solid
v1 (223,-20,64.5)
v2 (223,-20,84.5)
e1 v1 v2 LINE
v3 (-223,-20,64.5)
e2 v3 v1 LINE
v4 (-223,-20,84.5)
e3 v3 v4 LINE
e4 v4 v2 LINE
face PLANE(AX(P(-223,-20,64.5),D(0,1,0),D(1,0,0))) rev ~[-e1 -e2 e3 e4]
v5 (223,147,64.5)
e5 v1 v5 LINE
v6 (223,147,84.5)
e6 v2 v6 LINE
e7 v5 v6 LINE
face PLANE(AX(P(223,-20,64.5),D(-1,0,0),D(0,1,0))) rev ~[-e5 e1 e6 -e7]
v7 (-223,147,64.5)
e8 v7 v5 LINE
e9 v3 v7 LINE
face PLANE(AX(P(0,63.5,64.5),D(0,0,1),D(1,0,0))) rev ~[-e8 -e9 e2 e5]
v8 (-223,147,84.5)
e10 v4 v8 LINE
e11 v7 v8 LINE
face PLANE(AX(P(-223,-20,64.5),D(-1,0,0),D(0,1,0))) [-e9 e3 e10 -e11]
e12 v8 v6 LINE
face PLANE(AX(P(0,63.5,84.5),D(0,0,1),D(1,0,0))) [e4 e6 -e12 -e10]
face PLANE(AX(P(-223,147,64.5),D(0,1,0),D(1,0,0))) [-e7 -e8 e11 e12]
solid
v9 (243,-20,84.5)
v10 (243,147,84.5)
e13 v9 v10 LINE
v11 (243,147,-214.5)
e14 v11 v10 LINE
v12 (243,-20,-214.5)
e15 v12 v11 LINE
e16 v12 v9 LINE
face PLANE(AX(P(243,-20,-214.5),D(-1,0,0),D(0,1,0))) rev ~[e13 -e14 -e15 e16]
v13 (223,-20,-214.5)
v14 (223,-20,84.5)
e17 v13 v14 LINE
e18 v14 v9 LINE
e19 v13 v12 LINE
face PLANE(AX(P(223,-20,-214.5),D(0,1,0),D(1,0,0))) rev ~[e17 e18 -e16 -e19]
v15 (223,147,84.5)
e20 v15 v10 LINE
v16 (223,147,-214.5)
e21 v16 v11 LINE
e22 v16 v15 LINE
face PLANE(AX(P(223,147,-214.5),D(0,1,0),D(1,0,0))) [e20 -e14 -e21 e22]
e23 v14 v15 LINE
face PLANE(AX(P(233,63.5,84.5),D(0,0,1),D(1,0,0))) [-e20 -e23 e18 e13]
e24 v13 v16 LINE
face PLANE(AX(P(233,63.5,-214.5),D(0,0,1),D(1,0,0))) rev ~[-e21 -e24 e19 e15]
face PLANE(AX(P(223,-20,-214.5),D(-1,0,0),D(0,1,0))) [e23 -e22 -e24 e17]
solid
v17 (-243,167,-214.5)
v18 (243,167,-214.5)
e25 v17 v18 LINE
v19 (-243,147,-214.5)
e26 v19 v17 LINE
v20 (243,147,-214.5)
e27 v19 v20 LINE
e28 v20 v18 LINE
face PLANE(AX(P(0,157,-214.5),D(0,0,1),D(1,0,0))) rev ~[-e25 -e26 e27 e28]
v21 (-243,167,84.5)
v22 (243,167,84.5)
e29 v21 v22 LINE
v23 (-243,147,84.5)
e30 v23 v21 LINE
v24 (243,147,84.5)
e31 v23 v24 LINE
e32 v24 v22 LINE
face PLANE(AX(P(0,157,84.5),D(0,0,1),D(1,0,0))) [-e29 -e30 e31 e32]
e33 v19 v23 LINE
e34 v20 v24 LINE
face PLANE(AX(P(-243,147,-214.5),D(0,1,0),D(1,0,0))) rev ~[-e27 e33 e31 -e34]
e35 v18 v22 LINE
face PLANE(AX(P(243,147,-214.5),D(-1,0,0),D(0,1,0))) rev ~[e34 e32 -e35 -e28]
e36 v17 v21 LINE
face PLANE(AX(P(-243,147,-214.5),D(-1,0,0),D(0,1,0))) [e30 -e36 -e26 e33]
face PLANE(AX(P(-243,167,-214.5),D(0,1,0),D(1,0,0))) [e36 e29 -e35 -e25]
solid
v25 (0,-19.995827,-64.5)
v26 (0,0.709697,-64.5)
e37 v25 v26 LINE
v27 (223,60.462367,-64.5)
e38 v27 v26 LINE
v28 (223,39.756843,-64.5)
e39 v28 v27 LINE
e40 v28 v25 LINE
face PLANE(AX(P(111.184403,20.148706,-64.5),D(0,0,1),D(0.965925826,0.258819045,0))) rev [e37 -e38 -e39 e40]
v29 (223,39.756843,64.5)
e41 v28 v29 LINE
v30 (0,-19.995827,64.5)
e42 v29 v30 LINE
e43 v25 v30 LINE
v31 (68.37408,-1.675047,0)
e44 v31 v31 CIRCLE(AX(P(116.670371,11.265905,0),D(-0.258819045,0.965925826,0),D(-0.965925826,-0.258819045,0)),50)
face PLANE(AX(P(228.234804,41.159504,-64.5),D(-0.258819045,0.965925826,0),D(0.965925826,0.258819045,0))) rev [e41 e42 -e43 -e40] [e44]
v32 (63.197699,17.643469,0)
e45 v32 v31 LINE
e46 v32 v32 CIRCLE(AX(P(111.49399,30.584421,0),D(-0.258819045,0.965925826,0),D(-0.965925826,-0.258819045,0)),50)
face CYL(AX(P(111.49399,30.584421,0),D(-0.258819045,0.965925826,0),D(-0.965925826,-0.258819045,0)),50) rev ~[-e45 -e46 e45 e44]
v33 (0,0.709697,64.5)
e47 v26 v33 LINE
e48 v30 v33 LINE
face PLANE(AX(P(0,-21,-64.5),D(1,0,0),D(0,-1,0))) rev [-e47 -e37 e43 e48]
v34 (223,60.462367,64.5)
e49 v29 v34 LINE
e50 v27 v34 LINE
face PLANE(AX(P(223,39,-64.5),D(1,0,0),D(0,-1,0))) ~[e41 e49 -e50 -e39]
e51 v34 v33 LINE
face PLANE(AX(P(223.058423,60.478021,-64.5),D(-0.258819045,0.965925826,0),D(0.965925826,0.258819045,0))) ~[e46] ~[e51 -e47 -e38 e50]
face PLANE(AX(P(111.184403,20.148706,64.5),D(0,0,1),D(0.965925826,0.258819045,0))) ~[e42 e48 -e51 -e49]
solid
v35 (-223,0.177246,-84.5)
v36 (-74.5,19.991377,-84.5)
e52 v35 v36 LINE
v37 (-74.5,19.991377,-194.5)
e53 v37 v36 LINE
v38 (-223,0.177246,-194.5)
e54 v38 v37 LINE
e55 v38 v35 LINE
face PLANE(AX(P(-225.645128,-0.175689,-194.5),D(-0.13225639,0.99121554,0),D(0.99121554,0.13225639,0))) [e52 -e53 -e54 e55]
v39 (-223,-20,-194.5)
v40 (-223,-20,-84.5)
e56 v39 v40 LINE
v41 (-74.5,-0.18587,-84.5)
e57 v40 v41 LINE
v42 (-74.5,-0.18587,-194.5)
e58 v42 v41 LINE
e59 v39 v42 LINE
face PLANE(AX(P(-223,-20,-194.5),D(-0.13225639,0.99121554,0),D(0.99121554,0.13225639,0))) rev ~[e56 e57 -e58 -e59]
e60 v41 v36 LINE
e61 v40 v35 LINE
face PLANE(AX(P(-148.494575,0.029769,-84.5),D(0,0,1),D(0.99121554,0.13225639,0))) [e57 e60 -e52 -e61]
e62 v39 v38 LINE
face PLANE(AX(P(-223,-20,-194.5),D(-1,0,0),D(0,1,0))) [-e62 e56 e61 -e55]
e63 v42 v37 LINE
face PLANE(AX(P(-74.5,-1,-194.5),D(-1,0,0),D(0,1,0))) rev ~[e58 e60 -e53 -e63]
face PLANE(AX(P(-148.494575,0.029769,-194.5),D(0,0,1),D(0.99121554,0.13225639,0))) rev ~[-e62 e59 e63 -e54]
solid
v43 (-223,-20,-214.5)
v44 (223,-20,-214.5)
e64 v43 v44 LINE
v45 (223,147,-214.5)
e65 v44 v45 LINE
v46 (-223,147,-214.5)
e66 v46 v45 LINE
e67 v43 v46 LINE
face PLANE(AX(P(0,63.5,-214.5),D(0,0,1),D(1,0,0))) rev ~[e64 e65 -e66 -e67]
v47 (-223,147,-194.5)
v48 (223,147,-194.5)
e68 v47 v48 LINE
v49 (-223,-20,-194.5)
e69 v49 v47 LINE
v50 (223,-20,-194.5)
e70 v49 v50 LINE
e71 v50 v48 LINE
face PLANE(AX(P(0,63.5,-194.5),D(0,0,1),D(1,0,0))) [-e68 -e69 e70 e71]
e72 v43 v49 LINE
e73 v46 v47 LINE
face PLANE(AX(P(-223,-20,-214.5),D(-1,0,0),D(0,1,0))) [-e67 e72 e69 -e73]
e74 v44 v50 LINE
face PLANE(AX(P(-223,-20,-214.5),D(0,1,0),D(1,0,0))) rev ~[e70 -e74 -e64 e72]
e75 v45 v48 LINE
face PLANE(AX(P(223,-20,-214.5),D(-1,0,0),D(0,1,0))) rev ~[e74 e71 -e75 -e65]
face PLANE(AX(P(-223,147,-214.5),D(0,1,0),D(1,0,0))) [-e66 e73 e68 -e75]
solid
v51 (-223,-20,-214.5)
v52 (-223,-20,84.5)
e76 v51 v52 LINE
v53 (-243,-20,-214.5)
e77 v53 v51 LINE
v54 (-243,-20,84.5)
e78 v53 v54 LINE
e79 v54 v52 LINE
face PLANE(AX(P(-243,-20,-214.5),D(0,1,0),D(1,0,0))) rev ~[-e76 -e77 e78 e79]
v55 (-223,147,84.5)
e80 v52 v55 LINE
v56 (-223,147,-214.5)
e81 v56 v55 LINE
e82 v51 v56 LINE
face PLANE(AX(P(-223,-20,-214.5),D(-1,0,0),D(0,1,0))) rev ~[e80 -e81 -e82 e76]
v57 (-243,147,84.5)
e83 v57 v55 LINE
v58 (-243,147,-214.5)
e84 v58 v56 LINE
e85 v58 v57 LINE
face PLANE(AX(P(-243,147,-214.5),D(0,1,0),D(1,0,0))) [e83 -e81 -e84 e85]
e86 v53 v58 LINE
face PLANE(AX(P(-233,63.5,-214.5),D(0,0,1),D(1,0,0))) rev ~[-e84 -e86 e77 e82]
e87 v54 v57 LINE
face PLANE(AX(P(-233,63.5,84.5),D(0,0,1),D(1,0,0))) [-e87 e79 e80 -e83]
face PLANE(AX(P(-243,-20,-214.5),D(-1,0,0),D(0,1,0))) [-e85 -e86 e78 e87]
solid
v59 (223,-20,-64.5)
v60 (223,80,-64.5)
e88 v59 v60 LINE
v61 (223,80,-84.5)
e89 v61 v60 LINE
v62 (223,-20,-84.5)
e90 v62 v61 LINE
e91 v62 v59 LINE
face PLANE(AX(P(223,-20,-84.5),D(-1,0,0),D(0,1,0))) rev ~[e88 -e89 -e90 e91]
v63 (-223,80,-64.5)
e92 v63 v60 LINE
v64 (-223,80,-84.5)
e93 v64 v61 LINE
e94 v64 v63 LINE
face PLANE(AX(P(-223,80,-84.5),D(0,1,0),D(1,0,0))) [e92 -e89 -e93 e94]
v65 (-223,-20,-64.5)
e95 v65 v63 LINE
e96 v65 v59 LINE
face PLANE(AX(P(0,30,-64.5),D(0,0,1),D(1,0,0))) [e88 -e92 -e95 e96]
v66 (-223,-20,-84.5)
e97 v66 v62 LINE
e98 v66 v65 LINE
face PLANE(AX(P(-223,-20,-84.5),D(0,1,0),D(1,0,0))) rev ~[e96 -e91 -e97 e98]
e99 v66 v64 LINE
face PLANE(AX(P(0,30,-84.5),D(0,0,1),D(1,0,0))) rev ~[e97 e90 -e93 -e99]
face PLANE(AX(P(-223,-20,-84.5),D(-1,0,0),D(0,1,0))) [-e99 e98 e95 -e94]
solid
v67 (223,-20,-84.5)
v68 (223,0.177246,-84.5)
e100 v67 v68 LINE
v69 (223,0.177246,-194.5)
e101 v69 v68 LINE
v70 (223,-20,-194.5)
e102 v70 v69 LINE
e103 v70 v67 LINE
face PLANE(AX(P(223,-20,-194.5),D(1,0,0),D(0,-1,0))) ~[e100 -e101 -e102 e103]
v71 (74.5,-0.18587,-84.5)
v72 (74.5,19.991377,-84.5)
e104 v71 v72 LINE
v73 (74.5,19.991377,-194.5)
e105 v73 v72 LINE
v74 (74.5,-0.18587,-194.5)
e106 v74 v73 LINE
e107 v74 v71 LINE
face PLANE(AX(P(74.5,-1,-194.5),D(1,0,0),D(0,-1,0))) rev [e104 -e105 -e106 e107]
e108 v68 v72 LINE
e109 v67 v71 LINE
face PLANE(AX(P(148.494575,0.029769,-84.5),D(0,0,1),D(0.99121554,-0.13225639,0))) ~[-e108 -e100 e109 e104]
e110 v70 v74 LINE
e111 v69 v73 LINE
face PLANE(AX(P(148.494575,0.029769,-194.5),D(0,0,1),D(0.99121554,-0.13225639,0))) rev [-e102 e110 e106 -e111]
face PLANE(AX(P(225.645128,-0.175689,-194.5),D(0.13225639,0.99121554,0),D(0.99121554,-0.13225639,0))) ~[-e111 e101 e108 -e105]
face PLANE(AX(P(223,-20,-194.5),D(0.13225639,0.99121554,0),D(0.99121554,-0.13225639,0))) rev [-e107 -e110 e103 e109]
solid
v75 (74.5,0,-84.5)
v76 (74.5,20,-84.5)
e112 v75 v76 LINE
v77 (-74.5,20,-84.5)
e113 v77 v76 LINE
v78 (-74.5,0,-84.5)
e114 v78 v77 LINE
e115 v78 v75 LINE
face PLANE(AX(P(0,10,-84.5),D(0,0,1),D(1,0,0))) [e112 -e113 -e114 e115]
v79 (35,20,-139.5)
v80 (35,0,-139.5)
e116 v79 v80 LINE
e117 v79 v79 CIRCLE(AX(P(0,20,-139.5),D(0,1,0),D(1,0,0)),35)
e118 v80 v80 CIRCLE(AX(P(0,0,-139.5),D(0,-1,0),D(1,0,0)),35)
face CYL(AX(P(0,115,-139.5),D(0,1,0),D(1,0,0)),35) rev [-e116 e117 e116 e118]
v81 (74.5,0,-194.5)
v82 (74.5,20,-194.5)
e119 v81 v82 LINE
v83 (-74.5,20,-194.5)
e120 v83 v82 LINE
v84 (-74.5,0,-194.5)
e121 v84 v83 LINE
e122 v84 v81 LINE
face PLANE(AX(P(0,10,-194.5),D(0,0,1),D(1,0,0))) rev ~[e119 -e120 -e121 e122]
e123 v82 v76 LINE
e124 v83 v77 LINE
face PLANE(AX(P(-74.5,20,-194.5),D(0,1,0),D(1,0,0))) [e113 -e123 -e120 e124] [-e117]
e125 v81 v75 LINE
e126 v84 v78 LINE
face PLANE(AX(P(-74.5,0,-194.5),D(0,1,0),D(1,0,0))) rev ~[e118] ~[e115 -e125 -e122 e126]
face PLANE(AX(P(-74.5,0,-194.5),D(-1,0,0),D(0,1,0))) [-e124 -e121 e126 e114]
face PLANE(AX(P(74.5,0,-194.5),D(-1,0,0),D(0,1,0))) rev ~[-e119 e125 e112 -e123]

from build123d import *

# Parameters (mm, degrees)
BOX_W                  = 20
BOX_H                  = 167
BOX_DEPTH              = 299
BOX001_W               = 20
BOX001_H               = 167
BOX001_DEPTH           = 299
BOX002_W               = 446
BOX002_H               = 167
BOX002_DEPTH           = 20
BOX003_W               = 486
BOX003_H               = 20
BOX003_DEPTH           = 299
BOX004_W               = 446
BOX004_H               = 167
BOX004_DEPTH           = 20
BOX006_W               = 446
BOX006_H               = 100
BOX006_DEPTH           = 20
CYLINDER_R             = 35
CYLINDER_DEPTH         = 115
CYLINDER_ROLL_ANGLE    = 90
BOX005_W               = 149
BOX005_H               = 20
BOX005_DEPTH           = 110
BOX008_W               = 10
BOX008_H               = 23
BOX008_DEPTH           = 110
BOX009_W               = 20
BOX009_H               = 21
BOX009_DEPTH           = 110
BOX007_W               = 153
BOX007_H               = 20
BOX007_DEPTH           = 110
BOX007_PLACEMENT_ANGLE = 7.6
BOX012_W               = 10
BOX012_H               = 23
BOX012_DEPTH           = 110
BOX011_W               = 20
BOX011_H               = 21
BOX011_DEPTH           = 110
BOX010_W               = 153
BOX010_H               = 20
BOX010_DEPTH           = 110
BOX010_PLACEMENT_ANGLE = 7.6
BOX016_W               = 7
BOX016_H               = 23
BOX016_DEPTH           = 129
BOX014_W               = 10
BOX014_H               = 30
BOX014_DEPTH           = 129
CYLINDER001_R          = 50
CYLINDER001_DEPTH      = 20
CYLINDER001_ROLL_ANGLE = 90
BOX017_W               = 237
BOX017_H               = 20
BOX017_DEPTH           = 129
CUT005_PLACEMENT_ANGLE = -15


with BuildPart() as face_gauche:
    # Box → Box (new body)
    with BuildSketch(Plane(origin=(-243, -20, -214.5), x_dir=(1, 0, 0), z_dir=(0, 0, 1))):
        with Locations((10, 83.5)):
            Rectangle(BOX_W, BOX_H)
    extrude(amount=BOX_DEPTH)


with BuildPart() as face_droite:
    # Box001 → Box001 (new body)
    with BuildSketch(Plane(origin=(223, -20, -214.5), x_dir=(1, 0, 0), z_dir=(0, 0, 1))):
        with Locations((10, 83.5)):
            Rectangle(BOX001_W, BOX001_H)
    extrude(amount=BOX001_DEPTH)


with BuildPart() as face_haute:
    # Box002 → Box002 (new body)
    with BuildSketch(Plane(origin=(-223, -20, 64.5), x_dir=(1, 0, 0), z_dir=(0, 0, 1))):
        with Locations((223, 83.5)):
            Rectangle(BOX002_W, BOX002_H)
    extrude(amount=BOX002_DEPTH)


with BuildPart() as face_fond:
    # Box003 → Box003 (new body)
    with BuildSketch(Plane(origin=(-243, 147, -214.5), x_dir=(1, 0, 0), z_dir=(0, 0, 1))):
        with Locations((243, 10)):
            Rectangle(BOX003_W, BOX003_H)
    extrude(amount=BOX003_DEPTH)


with BuildPart() as face_basse:
    # Box004 → Box004 (new body)
    with BuildSketch(Plane(origin=(-223, -20, -214.5), x_dir=(1, 0, 0), z_dir=(0, 0, 1))):
        with Locations((223, 83.5)):
            Rectangle(BOX004_W, BOX004_H)
    extrude(amount=BOX004_DEPTH)


with BuildPart() as face_interm_diaire:
    # Box006 → Box006 (new body)
    with BuildSketch(Plane(origin=(-223, -20, -84.5), x_dir=(1, 0, 0), z_dir=(0, 0, 1))):
        with Locations((223, 50)):
            Rectangle(BOX006_W, BOX006_H)
    extrude(amount=BOX006_DEPTH)


with BuildPart() as bass_reflex:
    # Cylinder → Cylinder (new body)
    with BuildSketch(Plane.XY):
        Circle(CYLINDER_R)
    extrude(amount=CYLINDER_DEPTH)


with BuildPart() as bass_reflex_1:
    # Cylinder roll: moved
    add(bass_reflex.part.rotate(Axis((0, 0, 0), (1, 0, 0)), CYLINDER_ROLL_ANGLE))


with BuildPart() as bass_reflex_2:
    # Cylinder placement: moved
    add(bass_reflex_1.part.moved(Location((0, 115, -139.5))))


with BuildPart() as avant_bass_reflex:
    # Box005 → Box005 (new body)
    with BuildSketch(Plane(origin=(-74.5, 0, -194.5), x_dir=(1, 0, 0), z_dir=(0, 0, 1))):
        with Locations((74.5, 10)):
            Rectangle(BOX005_W, BOX005_H)
    extrude(amount=BOX005_DEPTH)

    # Cut: cut Bass Reflex
    add(bass_reflex_2.part, mode=Mode.SUBTRACT)


with BuildPart() as coupe1:
    # Box008 → Box008 (new body)
    with BuildSketch(Plane(origin=(-74.5, -1, -194.5), x_dir=(1, 0, 0), z_dir=(0, 0, 1))):
        with Locations((5, 11.5)):
            Rectangle(BOX008_W, BOX008_H)
    extrude(amount=BOX008_DEPTH)


with BuildPart() as coupe2:
    # Box009 → Box009 (new body)
    with BuildSketch(Plane(origin=(-243, -20, -194.5), x_dir=(1, 0, 0), z_dir=(0, 0, 1))):
        with Locations((10, 10.5)):
            Rectangle(BOX009_W, BOX009_H)
    extrude(amount=BOX009_DEPTH)


with BuildPart() as coupe_avant_gauche:
    # Box007 → Box007 (new body)
    with BuildSketch(Plane.XY):
        with Locations((76.5, 10)):
            Rectangle(BOX007_W, BOX007_H)
    extrude(amount=BOX007_DEPTH)


with BuildPart() as coupe_avant_gauche_1:
    # Box007 placement: moved
    add(coupe_avant_gauche.part.moved(Location((-223, -20, -194.5))).rotate(Axis((-223, -20, -194.5), (0, 0, 1)), BOX007_PLACEMENT_ANGLE))

    # Cut001: cut Coupe2
    add(coupe2.part, mode=Mode.SUBTRACT)

    # Cut002: cut Coupe1
    add(coupe1.part, mode=Mode.SUBTRACT)


with BuildPart() as coupe004:
    # Box012 → Box012 (new body)
    with BuildSketch(Plane(origin=(-74.5, -1, -194.5), x_dir=(1, 0, 0), z_dir=(0, 0, 1))):
        with Locations((5, 11.5)):
            Rectangle(BOX012_W, BOX012_H)
    extrude(amount=BOX012_DEPTH)


with BuildPart() as coupe003:
    # Box011 → Box011 (new body)
    with BuildSketch(Plane(origin=(-243, -20, -194.5), x_dir=(1, 0, 0), z_dir=(0, 0, 1))):
        with Locations((10, 10.5)):
            Rectangle(BOX011_W, BOX011_H)
    extrude(amount=BOX011_DEPTH)


with BuildPart() as coupe_avant_droit:
    # Box010 → Box010 (new body)
    with BuildSketch(Plane.XY):
        with Locations((76.5, 10)):
            Rectangle(BOX010_W, BOX010_H)
    extrude(amount=BOX010_DEPTH)


with BuildPart() as coupe_avant_droit_1:
    # Box010 placement: moved
    add(coupe_avant_droit.part.moved(Location((-223, -20, -194.5))).rotate(Axis((-223, -20, -194.5), (0, 0, 1)), BOX010_PLACEMENT_ANGLE))

    # Cut004: cut Coupe003
    add(coupe003.part, mode=Mode.SUBTRACT)

    # Cut003: cut Coupe004
    add(coupe004.part, mode=Mode.SUBTRACT)


with BuildPart() as coupe_avant_droit001:
    # Part__Mirroring: instance of Coupe avant droit
    add(coupe_avant_droit_1.part.mirror(Plane(origin=(0, 0, 0), x_dir=(0, -1, 0), z_dir=(1, 0, 0))))


with BuildPart() as cube003:
    # Box016 → Box016 (new body)
    with BuildSketch(Plane(origin=(-230, 39, -64.5), x_dir=(1, 0, 0), z_dir=(0, 0, 1))):
        with Locations((3.5, 11.5)):
            Rectangle(BOX016_W, BOX016_H)
    extrude(amount=BOX016_DEPTH)


with BuildPart() as cube001:
    # Box014 → Box014 (new body)
    with BuildSketch(Plane(origin=(0, -21, -64.5), x_dir=(1, 0, 0), z_dir=(0, 0, 1))):
        with Locations((5, 15)):
            Rectangle(BOX014_W, BOX014_H)
    extrude(amount=BOX014_DEPTH)


with BuildPart() as cylindre:
    # Cylinder001 → Cylinder001 (new body)
    with BuildSketch(Plane.XY):
        Circle(CYLINDER001_R)
    extrude(amount=CYLINDER001_DEPTH)


with BuildPart() as cylindre_1:
    # Cylinder001 roll: moved
    add(cylindre.part.rotate(Axis((0, 0, 0), (1, 0, 0)), CYLINDER001_ROLL_ANGLE))


with BuildPart() as cylindre_2:
    # Cylinder001 placement: moved
    add(cylindre_1.part.moved(Location((5, 20, 0))))


with BuildPart() as hp_gauche:
    # Box017 → Box017 (new body)
    with BuildSketch(Plane(origin=(-110.5, 0, -64.5), x_dir=(1, 0, 0), z_dir=(0, 0, 1))):
        with Locations((118.5, 10)):
            Rectangle(BOX017_W, BOX017_H)
    extrude(amount=BOX017_DEPTH)

    # Cut005: cut Cylindre
    add(cylindre_2.part, mode=Mode.SUBTRACT)


with BuildPart() as hp_gauche_1:
    # Cut005 placement: moved
    add(hp_gauche.part.moved(Location((-121.5, 12.56, 0))).rotate(Axis((-121.5, 12.56, 0), (0, 0, 1)), CUT005_PLACEMENT_ANGLE))

    # Cut006: cut Cube001
    add(cube001.part, mode=Mode.SUBTRACT)

    # Cut007: cut Cube003
    add(cube003.part, mode=Mode.SUBTRACT)


with BuildPart() as hp_droit:
    # Part__Mirroring001: instance of HP Gauche
    add(hp_gauche_1.part.mirror(Plane(origin=(0, 0, 0), x_dir=(0, -1, 0), z_dir=(1, 0, 0))))


solid = Compound([face_gauche.part, face_droite.part, face_haute.part, face_fond.part, face_basse.part, face_interm_diaire.part, avant_bass_reflex.part, coupe_avant_gauche_1.part, coupe_avant_droit001.part, hp_droit.part])
